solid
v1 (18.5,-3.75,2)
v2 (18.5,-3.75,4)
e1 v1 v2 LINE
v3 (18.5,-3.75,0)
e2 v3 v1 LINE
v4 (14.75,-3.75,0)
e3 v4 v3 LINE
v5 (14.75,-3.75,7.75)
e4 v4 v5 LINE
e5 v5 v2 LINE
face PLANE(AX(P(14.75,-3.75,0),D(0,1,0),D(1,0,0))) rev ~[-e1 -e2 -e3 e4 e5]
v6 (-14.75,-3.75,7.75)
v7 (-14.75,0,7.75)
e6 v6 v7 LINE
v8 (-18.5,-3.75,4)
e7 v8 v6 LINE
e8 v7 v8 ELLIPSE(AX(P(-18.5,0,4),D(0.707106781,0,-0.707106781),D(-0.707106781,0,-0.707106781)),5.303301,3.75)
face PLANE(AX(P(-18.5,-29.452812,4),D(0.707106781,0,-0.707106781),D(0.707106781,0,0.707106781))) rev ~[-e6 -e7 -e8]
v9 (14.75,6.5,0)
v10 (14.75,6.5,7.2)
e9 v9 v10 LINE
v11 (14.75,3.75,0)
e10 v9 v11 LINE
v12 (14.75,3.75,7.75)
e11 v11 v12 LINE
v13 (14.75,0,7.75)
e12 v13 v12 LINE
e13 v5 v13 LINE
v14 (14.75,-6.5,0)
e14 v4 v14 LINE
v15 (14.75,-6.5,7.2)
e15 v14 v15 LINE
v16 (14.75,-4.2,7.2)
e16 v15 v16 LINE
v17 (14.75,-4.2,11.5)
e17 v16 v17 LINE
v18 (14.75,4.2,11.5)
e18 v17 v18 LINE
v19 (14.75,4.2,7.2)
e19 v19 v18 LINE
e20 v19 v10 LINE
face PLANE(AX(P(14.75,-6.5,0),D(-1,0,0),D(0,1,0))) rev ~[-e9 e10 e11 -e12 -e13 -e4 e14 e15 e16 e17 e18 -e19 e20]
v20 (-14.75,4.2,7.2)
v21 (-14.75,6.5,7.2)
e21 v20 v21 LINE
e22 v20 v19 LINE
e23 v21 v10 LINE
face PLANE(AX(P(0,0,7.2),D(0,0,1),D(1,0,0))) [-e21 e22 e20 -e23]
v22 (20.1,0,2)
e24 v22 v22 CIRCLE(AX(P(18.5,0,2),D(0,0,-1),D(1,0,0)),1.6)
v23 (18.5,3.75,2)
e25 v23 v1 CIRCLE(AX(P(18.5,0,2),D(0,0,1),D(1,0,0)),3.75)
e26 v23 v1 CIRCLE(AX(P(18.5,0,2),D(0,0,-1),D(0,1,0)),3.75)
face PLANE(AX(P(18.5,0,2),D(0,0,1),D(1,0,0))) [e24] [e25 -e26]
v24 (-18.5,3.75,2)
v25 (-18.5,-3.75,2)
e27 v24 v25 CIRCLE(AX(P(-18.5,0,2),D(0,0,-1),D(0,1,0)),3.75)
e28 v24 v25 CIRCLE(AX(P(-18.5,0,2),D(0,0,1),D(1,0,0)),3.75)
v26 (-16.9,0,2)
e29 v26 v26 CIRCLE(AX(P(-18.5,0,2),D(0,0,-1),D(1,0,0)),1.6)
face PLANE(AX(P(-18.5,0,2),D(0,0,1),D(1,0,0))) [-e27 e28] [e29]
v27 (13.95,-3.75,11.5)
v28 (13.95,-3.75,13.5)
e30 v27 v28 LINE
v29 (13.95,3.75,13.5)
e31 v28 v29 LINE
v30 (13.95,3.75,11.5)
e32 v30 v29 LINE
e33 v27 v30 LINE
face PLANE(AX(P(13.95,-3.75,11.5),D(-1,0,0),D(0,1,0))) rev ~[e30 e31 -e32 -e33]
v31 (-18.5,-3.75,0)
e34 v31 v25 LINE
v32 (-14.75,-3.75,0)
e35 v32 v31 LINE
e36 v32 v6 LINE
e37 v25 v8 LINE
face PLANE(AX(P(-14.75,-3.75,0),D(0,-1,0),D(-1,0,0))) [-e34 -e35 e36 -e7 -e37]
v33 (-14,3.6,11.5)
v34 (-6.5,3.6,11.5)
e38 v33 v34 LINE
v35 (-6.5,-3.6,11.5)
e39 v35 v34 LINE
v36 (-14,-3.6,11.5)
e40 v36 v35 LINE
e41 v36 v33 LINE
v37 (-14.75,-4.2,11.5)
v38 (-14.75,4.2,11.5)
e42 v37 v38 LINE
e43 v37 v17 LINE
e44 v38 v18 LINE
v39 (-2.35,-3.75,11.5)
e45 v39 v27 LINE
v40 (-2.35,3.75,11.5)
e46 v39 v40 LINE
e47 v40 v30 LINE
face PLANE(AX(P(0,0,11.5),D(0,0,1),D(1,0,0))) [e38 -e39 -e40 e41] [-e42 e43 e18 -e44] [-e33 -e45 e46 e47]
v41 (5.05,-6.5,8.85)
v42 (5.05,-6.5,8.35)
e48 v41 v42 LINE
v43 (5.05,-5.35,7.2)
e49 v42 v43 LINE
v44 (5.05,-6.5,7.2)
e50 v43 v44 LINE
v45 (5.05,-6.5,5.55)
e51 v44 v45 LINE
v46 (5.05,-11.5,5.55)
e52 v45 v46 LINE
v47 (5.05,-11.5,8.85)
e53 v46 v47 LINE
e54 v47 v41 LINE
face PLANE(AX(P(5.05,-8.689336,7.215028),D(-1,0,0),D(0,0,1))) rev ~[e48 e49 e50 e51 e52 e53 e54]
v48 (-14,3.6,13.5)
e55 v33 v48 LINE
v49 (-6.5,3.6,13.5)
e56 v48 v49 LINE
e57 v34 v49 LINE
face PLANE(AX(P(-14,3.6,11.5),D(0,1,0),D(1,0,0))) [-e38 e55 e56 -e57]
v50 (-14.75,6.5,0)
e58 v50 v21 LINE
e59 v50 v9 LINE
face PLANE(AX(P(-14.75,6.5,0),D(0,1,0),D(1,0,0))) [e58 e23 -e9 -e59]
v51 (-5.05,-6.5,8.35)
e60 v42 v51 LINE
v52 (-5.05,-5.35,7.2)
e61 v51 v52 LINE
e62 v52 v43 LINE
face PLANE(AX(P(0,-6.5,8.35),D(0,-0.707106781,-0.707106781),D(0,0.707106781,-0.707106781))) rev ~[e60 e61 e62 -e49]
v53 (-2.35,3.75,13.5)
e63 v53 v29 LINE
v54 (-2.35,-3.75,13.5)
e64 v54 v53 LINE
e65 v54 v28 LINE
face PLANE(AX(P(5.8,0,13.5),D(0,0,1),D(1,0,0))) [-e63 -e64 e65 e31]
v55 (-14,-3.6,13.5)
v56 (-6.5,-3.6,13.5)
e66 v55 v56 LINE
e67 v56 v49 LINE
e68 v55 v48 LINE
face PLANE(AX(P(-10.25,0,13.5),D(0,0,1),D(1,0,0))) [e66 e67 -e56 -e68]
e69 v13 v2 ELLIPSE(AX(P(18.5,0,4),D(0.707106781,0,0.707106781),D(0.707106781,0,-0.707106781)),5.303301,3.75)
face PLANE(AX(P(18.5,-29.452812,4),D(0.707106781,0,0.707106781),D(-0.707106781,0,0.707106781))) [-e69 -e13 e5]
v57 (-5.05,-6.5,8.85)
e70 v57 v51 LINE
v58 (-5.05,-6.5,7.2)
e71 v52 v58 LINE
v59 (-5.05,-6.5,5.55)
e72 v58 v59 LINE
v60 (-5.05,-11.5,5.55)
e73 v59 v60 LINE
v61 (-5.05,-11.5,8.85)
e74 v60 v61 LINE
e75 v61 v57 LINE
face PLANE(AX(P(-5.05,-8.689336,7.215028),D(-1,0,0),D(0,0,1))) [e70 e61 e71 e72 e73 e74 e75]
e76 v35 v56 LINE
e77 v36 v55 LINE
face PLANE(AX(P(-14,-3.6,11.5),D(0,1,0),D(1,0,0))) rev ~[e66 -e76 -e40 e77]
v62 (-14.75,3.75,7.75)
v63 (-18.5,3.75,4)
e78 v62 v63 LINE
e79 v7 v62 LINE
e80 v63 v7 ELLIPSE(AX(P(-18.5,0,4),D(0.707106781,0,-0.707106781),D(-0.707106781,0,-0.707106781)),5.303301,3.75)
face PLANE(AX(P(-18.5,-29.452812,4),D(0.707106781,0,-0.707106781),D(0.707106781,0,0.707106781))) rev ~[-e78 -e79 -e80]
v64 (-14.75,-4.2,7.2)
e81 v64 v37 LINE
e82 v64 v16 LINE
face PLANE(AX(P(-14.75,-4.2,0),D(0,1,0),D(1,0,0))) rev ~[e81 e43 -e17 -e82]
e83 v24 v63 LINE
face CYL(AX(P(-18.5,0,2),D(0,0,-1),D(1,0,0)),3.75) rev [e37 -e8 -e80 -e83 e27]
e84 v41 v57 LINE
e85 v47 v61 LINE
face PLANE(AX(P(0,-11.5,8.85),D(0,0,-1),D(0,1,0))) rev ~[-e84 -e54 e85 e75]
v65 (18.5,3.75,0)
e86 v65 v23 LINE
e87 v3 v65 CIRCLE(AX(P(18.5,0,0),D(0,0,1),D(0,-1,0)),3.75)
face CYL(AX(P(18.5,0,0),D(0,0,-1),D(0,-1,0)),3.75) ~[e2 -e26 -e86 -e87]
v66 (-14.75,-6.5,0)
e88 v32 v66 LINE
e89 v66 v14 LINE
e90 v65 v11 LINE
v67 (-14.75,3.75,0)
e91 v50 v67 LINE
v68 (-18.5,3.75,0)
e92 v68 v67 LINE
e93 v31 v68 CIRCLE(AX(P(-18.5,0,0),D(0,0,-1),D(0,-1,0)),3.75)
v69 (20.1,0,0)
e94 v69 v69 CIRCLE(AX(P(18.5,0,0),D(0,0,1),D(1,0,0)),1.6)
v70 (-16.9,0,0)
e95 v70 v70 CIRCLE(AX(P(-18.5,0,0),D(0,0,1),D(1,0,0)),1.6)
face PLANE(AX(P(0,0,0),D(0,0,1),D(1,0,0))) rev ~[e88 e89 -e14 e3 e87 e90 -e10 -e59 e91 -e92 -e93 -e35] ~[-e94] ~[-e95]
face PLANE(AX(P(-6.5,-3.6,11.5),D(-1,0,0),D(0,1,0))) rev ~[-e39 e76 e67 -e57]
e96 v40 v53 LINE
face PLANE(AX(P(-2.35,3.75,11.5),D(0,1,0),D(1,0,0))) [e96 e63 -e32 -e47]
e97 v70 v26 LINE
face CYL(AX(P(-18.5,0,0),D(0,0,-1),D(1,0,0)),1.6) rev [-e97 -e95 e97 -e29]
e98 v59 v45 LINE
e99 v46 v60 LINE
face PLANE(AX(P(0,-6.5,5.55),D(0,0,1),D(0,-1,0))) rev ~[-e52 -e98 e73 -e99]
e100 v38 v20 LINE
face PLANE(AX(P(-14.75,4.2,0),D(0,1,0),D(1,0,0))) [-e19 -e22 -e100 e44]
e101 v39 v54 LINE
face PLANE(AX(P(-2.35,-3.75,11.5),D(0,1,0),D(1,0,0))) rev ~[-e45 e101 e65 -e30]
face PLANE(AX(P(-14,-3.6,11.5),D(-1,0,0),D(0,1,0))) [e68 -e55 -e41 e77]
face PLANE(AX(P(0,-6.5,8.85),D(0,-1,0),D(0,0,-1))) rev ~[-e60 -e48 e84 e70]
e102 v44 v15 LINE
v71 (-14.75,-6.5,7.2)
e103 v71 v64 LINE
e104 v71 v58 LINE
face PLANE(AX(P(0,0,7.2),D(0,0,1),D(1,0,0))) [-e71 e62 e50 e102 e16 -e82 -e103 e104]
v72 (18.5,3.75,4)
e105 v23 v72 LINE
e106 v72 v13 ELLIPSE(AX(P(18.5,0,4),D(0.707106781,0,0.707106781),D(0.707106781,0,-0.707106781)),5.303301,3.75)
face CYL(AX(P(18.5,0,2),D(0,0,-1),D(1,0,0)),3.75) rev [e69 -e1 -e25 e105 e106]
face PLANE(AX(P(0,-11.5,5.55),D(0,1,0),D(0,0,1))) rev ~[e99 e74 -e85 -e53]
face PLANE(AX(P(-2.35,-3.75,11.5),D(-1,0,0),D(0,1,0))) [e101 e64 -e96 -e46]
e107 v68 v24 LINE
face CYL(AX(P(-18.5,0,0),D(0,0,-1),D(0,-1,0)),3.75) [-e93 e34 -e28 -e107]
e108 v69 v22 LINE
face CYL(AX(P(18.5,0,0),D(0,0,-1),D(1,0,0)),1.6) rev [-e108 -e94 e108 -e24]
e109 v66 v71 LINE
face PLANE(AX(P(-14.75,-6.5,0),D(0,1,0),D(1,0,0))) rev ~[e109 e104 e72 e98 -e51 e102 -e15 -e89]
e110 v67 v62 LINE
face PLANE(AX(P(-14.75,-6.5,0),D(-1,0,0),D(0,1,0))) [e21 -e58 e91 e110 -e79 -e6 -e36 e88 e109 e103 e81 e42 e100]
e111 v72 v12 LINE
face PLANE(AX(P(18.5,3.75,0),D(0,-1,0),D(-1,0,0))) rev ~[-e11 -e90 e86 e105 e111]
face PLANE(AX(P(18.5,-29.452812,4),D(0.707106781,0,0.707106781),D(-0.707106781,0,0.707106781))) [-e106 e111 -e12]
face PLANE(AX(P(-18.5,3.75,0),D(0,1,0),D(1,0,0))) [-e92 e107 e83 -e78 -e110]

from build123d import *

# Parameters (mm, degrees)
SKETCH1_W               = 29.5
SKETCH1_H               = 8.4
BOSS_EXTRUDE1_DEPTH     = 11.5
SKETCH2_W               = 7.5
SKETCH2_H               = 7.2
SKETCH2_W_2             = 16.3
SKETCH2_H_2             = 7.5
BOSS_EXTRUDE2_DEPTH     = 2
SKETCH3_W               = 29.5
SKETCH3_H               = 13
BOSS_EXTRUDE3_DEPTH     = 7.2
BOSS_EXTRUDE4_DEPTH     = 5.05
SKETCH5_R               = 1.6
BOSS_EXTRUDE5_DEPTH     = 10
CUT_EXTRUDE1_START      = -8
SKETCH8_R               = 3.75
CUT_EXTRUDE1_DEPTH      = 8
CUT_EXTRUDE2_DEPTH      = 29.452811812
CUT_EXTRUDE2_DEPTH_BACK = 29.452811812


with BuildPart() as part:
    # Sketch1 → Boss-Extrude1 (new body)
    with BuildSketch(Plane.XY):
        Rectangle(SKETCH1_W, SKETCH1_H)
    extrude(amount=BOSS_EXTRUDE1_DEPTH)

    # Sketch2 → Boss-Extrude2 (add)
    with BuildSketch(Plane.XY.offset(11.5)):
        with Locations((-10.25, 0)):
            Rectangle(SKETCH2_W, SKETCH2_H)
        with Locations((5.8, 0)):
            Rectangle(SKETCH2_W_2, SKETCH2_H_2)
    extrude(amount=BOSS_EXTRUDE2_DEPTH)

    # Sketch3 → Boss-Extrude3 (add)
    with BuildSketch(Plane.XY):
        Rectangle(SKETCH3_W, SKETCH3_H)
    extrude(amount=BOSS_EXTRUDE3_DEPTH)

    # Sketch4 → Boss-Extrude4 (add, symmetric)
    with BuildSketch(Plane(origin=(0, 0, 0), x_dir=(0, 0, -1), z_dir=(1, 0, 0))):
        Polygon((-5.55, -6.5), (-5.55, -11.5), (-8.85, -11.5), (-8.85, -6.5), (-8.35, -6.5), (-7.2, -5.35), (-7.2, -6.5), align=None)
    extrude(amount=BOSS_EXTRUDE4_DEPTH, both=True)

    # Sketch5 → Boss-Extrude5 (add)
    # profile 1 of 2: a face of its own
    with BuildSketch(Plane.XY):
        with BuildLine():
            Line((-18.5, 3.75), (-14.75, 3.75))
            Line((-14.75, 3.75), (-14.75, -3.75))
            Line((-14.75, -3.75), (-18.5, -3.75))
            ThreePointArc((-18.5, -3.75), (-22.25, 0), (-18.5, 3.75))
        make_face()
        with Locations((-18.5, 0)):
            Circle(SKETCH5_R, mode=Mode.SUBTRACT)
    # profile 2 of 2: a face of its own
    with BuildSketch(Plane.XY):
        with BuildLine():
            Line((18.5, 3.75), (14.75, 3.75))
            Line((14.75, 3.75), (14.75, -3.75))
            Line((14.75, -3.75), (18.5, -3.75))
            ThreePointArc((18.5, -3.75), (22.25, 0), (18.5, 3.75))
        make_face()
        with Locations((18.5, 0)):
            Circle(SKETCH5_R, mode=Mode.SUBTRACT)
    extrude(amount=BOSS_EXTRUDE5_DEPTH)

    # Sketch8 → Cut-Extrude1 (cut)
    with BuildSketch(Plane.XY.offset(10).offset(CUT_EXTRUDE1_START)):
        with Locations((-18.5, 0)):
            Circle(SKETCH8_R)
        with Locations((18.5, 0)):
            Circle(SKETCH8_R)
    extrude(amount=CUT_EXTRUDE1_DEPTH, mode=Mode.SUBTRACT)

    # Sketch9 → Cut-Extrude2 (cut, two sides: drawn at the far end of the back side and taken through both)
    with BuildSketch(Plane(origin=(0, 0, 0), x_dir=(1, 0, 0), z_dir=(0, 1, 0)).offset(-CUT_EXTRUDE2_DEPTH_BACK)):
        Polygon((-18.5, -4), (-14.75, -7.75), (-14.75, -10), (-18.5, -10), align=None)
        Polygon((18.5, -10), (18.5, -4), (14.75, -7.75), (14.75, -10), align=None)
    extrude(amount=CUT_EXTRUDE2_DEPTH + CUT_EXTRUDE2_DEPTH_BACK, mode=Mode.SUBTRACT)


solid = part.part
